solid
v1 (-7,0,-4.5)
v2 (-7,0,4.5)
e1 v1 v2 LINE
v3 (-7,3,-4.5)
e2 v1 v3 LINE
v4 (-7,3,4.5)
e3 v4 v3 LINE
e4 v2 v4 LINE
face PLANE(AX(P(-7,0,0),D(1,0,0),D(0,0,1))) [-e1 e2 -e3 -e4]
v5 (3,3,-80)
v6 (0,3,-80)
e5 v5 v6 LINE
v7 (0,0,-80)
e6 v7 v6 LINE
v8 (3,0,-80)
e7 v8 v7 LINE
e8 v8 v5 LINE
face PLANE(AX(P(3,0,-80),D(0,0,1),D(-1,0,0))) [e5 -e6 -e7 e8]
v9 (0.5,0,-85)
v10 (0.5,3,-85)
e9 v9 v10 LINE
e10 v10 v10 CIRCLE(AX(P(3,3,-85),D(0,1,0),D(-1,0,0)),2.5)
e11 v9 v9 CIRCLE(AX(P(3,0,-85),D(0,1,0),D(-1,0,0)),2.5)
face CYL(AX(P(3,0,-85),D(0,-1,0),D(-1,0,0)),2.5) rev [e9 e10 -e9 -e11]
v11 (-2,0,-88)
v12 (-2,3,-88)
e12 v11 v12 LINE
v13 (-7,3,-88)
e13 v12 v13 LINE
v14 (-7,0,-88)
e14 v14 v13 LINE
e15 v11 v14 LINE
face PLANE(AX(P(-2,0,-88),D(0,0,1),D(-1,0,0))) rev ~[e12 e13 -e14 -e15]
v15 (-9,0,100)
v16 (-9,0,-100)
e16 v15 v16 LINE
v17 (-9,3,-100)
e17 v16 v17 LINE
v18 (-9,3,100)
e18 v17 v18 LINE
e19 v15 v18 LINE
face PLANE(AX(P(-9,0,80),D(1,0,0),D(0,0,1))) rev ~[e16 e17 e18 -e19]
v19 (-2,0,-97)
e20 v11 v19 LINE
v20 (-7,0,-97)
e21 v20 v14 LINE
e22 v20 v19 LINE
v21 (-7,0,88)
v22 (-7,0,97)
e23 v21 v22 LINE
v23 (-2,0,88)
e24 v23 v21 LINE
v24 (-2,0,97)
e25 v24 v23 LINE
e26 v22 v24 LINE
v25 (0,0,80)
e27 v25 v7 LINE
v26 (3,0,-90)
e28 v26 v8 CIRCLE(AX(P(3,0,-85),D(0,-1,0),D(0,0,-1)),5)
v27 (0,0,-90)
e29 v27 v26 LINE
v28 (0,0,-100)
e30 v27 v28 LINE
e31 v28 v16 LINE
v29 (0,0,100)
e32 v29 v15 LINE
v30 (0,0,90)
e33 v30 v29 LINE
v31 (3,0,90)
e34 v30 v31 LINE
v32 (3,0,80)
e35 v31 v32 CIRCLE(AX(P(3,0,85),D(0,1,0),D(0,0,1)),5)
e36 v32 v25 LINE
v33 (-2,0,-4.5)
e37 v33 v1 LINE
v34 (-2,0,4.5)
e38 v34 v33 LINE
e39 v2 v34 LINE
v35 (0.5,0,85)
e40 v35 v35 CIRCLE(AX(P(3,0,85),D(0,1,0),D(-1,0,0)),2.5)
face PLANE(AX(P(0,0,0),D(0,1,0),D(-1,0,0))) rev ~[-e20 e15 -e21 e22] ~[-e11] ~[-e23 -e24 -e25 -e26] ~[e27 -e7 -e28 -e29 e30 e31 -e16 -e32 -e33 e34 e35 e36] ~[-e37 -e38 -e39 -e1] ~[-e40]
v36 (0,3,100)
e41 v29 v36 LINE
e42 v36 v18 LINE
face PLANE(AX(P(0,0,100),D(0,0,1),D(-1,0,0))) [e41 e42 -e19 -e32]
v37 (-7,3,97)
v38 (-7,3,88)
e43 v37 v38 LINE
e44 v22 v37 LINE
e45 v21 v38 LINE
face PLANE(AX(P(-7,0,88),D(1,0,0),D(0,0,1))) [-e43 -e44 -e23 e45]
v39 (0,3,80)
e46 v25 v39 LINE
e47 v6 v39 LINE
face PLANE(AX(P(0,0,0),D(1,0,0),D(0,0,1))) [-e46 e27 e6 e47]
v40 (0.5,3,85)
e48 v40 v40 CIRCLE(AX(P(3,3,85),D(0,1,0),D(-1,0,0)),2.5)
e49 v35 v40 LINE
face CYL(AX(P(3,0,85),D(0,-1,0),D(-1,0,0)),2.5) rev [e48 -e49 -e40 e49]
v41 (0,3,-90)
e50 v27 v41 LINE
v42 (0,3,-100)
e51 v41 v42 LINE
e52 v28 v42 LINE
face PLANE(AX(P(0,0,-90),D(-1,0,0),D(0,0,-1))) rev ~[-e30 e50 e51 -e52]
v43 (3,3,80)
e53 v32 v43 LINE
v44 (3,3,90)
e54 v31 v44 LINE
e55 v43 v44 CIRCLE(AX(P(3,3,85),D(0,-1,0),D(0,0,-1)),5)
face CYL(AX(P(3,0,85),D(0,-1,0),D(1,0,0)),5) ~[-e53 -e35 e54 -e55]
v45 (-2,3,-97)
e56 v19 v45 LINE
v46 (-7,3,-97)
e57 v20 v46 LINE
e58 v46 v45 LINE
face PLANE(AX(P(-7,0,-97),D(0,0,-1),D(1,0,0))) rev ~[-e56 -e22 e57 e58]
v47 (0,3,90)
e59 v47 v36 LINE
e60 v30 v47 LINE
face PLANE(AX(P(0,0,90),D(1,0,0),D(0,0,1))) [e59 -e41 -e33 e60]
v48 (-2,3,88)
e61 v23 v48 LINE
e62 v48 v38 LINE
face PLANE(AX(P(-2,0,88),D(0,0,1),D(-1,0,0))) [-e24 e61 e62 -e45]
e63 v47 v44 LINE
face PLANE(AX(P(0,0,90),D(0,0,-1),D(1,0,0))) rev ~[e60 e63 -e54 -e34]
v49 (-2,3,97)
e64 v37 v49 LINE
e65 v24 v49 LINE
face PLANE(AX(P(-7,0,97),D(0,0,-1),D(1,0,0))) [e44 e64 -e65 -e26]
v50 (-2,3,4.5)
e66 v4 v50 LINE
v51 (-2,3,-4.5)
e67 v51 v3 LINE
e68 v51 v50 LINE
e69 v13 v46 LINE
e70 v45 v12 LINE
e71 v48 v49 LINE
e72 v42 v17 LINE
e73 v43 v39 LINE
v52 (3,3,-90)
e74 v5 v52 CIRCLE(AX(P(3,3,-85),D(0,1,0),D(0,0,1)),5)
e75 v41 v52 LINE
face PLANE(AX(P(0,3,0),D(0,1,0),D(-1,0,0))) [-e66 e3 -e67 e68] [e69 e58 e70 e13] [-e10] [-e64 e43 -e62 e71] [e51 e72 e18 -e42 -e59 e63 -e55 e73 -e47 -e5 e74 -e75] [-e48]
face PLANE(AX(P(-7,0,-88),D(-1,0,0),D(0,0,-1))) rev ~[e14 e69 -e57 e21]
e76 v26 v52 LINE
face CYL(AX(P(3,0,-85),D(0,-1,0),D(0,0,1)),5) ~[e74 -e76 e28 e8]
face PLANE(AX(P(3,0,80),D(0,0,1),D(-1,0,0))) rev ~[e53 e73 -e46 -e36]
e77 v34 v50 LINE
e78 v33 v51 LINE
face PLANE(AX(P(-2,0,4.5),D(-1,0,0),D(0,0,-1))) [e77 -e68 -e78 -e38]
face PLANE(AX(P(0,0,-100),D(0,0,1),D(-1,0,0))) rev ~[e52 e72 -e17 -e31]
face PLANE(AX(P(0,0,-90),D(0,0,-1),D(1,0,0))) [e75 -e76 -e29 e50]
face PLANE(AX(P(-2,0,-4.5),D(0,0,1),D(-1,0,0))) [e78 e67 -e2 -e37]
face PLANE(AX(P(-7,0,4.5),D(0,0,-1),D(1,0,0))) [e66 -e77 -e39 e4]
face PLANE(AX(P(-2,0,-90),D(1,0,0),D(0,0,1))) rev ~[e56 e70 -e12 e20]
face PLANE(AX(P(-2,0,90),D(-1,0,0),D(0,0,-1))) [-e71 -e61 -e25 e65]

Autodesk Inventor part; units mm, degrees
ref_plane "YZ Plane" through (0, 0, 0) normal (1, 0, 0) x (0, 1, 0)
ref_plane "XZ Plane" through (0, 0, 0) normal (0, 1, 0) x (-1, 0, 0)
ref_plane "XY Plane" through (0, 0, 0) normal (0, 0, 1) x (1, 0, 0)
sketch "草圖1" plane through (0, 0, 0) normal (0, 1, 0) x (-1, 0, 0)
  line L0 (0, 80) -> (9, 80)
  line L1 (9, 80) -> (9, -80)
  line L2 (9, -80) -> (0, -80)
  line L3 (0, -80) -> (0, 80)
  line L4 (7, 4.5) -> (2, 4.5)
  line L5 (2, 4.5) -> (2, -4.5)
  line L6 (2, -4.5) -> (7, -4.5)
  line L7 (7, -4.5) -> (7, 4.5)
  line L8 (9, 80) -> (9, 90)
  line L9 (9, 90) -> (-3, 90)
  line L10 (-8, 85) -> (-8, 85)
  line L11 (-3, 80) -> (0, 80)
  arc A0 (-8, 85) -> (-3, 80) centre (-3, 85) ccw
  arc A1 (-3, 90) -> (-8, 85) centre (-3, 85) ccw
  circle A2 centre (-3, 85) radius 2.5
  line L12 (9, 0) -> (0, 0)
  line L13 (9, -80) -> (9, -90)
  line L14 (9, -90) -> (-3, -90)
  line L15 (-3, -80) -> (0, -80)
  arc A3 (-3, -80) -> (-8, -85) centre (-3, -85) ccw
  arc A4 (-8, -85) -> (-3, -90) centre (-3, -85) ccw
  circle A5 centre (-3, -85) radius 2.5
  line L16 (9, 90) -> (0, 90)
  line L17 (0, 90) -> (0, 100)
  line L18 (0, 100) -> (9, 100)
  line L19 (9, 100) -> (9, 90)
  line L20 (9, -90) -> (0, -90)
  line L21 (0, -90) -> (0, -100)
  line L22 (0, -100) -> (9, -100)
  line L23 (9, -100) -> (9, -90)
  line L24 (7, 97) -> (2, 97)
  line L25 (2, 97) -> (2, 88)
  line L26 (2, 88) -> (7, 88)
  line L27 (7, 88) -> (7, 97)
  line L28 (7, -97) -> (2, -97)
  line L29 (2, -97) -> (2, -88)
  line L30 (2, -88) -> (7, -88)
  line L31 (7, -88) -> (7, -97)
  point P0 (7, 0)
  point P1 (4.5, 4.5)
  point P2 (4.5, 80)
  point P3 (-8, 90)
  point P4 (-8, -90)
  point P5 (-8, -85)
  point P6 (0, -90)
  point P7 (4.5, 97)
  point P8 (4.5, 100)
  point P9 (4.5, -97)
  dimension "d0" = 160
  dimension "d1" = 9
  dimension "d2" = 9
  dimension "d3" = 5
  dimension "d4" = 10
  dimension "d5" = 17
  dimension "d6" = 5
  dimension "d7" = 5
  dimension "d8" = 5
  dimension "d11" = 10
  dimension "d12" = 9
  dimension "d13" = 9
  dimension "d14" = 10
  dimension "d15" = 5
  dimension "d16" = 9
  dimension "d17" = 3
extrude "擠出1" add sketch "草圖1" along normal blind 3 contours L11 A0 A1 L9 L25 L26 L27 L8 L0 | L0 L1 L12 L7 L4 L5 L3 | L12 L5 L6 L7 L1 L2 L3 | L9 L27 L24 L25 L17 L18 L19 | L2 L13 L14 L31 L30 L29 A4 A3 L15 | L23 L22 L21 L14 L29 L28 L31
properties part number "upper_Bar" material "木材 (樺木)"
